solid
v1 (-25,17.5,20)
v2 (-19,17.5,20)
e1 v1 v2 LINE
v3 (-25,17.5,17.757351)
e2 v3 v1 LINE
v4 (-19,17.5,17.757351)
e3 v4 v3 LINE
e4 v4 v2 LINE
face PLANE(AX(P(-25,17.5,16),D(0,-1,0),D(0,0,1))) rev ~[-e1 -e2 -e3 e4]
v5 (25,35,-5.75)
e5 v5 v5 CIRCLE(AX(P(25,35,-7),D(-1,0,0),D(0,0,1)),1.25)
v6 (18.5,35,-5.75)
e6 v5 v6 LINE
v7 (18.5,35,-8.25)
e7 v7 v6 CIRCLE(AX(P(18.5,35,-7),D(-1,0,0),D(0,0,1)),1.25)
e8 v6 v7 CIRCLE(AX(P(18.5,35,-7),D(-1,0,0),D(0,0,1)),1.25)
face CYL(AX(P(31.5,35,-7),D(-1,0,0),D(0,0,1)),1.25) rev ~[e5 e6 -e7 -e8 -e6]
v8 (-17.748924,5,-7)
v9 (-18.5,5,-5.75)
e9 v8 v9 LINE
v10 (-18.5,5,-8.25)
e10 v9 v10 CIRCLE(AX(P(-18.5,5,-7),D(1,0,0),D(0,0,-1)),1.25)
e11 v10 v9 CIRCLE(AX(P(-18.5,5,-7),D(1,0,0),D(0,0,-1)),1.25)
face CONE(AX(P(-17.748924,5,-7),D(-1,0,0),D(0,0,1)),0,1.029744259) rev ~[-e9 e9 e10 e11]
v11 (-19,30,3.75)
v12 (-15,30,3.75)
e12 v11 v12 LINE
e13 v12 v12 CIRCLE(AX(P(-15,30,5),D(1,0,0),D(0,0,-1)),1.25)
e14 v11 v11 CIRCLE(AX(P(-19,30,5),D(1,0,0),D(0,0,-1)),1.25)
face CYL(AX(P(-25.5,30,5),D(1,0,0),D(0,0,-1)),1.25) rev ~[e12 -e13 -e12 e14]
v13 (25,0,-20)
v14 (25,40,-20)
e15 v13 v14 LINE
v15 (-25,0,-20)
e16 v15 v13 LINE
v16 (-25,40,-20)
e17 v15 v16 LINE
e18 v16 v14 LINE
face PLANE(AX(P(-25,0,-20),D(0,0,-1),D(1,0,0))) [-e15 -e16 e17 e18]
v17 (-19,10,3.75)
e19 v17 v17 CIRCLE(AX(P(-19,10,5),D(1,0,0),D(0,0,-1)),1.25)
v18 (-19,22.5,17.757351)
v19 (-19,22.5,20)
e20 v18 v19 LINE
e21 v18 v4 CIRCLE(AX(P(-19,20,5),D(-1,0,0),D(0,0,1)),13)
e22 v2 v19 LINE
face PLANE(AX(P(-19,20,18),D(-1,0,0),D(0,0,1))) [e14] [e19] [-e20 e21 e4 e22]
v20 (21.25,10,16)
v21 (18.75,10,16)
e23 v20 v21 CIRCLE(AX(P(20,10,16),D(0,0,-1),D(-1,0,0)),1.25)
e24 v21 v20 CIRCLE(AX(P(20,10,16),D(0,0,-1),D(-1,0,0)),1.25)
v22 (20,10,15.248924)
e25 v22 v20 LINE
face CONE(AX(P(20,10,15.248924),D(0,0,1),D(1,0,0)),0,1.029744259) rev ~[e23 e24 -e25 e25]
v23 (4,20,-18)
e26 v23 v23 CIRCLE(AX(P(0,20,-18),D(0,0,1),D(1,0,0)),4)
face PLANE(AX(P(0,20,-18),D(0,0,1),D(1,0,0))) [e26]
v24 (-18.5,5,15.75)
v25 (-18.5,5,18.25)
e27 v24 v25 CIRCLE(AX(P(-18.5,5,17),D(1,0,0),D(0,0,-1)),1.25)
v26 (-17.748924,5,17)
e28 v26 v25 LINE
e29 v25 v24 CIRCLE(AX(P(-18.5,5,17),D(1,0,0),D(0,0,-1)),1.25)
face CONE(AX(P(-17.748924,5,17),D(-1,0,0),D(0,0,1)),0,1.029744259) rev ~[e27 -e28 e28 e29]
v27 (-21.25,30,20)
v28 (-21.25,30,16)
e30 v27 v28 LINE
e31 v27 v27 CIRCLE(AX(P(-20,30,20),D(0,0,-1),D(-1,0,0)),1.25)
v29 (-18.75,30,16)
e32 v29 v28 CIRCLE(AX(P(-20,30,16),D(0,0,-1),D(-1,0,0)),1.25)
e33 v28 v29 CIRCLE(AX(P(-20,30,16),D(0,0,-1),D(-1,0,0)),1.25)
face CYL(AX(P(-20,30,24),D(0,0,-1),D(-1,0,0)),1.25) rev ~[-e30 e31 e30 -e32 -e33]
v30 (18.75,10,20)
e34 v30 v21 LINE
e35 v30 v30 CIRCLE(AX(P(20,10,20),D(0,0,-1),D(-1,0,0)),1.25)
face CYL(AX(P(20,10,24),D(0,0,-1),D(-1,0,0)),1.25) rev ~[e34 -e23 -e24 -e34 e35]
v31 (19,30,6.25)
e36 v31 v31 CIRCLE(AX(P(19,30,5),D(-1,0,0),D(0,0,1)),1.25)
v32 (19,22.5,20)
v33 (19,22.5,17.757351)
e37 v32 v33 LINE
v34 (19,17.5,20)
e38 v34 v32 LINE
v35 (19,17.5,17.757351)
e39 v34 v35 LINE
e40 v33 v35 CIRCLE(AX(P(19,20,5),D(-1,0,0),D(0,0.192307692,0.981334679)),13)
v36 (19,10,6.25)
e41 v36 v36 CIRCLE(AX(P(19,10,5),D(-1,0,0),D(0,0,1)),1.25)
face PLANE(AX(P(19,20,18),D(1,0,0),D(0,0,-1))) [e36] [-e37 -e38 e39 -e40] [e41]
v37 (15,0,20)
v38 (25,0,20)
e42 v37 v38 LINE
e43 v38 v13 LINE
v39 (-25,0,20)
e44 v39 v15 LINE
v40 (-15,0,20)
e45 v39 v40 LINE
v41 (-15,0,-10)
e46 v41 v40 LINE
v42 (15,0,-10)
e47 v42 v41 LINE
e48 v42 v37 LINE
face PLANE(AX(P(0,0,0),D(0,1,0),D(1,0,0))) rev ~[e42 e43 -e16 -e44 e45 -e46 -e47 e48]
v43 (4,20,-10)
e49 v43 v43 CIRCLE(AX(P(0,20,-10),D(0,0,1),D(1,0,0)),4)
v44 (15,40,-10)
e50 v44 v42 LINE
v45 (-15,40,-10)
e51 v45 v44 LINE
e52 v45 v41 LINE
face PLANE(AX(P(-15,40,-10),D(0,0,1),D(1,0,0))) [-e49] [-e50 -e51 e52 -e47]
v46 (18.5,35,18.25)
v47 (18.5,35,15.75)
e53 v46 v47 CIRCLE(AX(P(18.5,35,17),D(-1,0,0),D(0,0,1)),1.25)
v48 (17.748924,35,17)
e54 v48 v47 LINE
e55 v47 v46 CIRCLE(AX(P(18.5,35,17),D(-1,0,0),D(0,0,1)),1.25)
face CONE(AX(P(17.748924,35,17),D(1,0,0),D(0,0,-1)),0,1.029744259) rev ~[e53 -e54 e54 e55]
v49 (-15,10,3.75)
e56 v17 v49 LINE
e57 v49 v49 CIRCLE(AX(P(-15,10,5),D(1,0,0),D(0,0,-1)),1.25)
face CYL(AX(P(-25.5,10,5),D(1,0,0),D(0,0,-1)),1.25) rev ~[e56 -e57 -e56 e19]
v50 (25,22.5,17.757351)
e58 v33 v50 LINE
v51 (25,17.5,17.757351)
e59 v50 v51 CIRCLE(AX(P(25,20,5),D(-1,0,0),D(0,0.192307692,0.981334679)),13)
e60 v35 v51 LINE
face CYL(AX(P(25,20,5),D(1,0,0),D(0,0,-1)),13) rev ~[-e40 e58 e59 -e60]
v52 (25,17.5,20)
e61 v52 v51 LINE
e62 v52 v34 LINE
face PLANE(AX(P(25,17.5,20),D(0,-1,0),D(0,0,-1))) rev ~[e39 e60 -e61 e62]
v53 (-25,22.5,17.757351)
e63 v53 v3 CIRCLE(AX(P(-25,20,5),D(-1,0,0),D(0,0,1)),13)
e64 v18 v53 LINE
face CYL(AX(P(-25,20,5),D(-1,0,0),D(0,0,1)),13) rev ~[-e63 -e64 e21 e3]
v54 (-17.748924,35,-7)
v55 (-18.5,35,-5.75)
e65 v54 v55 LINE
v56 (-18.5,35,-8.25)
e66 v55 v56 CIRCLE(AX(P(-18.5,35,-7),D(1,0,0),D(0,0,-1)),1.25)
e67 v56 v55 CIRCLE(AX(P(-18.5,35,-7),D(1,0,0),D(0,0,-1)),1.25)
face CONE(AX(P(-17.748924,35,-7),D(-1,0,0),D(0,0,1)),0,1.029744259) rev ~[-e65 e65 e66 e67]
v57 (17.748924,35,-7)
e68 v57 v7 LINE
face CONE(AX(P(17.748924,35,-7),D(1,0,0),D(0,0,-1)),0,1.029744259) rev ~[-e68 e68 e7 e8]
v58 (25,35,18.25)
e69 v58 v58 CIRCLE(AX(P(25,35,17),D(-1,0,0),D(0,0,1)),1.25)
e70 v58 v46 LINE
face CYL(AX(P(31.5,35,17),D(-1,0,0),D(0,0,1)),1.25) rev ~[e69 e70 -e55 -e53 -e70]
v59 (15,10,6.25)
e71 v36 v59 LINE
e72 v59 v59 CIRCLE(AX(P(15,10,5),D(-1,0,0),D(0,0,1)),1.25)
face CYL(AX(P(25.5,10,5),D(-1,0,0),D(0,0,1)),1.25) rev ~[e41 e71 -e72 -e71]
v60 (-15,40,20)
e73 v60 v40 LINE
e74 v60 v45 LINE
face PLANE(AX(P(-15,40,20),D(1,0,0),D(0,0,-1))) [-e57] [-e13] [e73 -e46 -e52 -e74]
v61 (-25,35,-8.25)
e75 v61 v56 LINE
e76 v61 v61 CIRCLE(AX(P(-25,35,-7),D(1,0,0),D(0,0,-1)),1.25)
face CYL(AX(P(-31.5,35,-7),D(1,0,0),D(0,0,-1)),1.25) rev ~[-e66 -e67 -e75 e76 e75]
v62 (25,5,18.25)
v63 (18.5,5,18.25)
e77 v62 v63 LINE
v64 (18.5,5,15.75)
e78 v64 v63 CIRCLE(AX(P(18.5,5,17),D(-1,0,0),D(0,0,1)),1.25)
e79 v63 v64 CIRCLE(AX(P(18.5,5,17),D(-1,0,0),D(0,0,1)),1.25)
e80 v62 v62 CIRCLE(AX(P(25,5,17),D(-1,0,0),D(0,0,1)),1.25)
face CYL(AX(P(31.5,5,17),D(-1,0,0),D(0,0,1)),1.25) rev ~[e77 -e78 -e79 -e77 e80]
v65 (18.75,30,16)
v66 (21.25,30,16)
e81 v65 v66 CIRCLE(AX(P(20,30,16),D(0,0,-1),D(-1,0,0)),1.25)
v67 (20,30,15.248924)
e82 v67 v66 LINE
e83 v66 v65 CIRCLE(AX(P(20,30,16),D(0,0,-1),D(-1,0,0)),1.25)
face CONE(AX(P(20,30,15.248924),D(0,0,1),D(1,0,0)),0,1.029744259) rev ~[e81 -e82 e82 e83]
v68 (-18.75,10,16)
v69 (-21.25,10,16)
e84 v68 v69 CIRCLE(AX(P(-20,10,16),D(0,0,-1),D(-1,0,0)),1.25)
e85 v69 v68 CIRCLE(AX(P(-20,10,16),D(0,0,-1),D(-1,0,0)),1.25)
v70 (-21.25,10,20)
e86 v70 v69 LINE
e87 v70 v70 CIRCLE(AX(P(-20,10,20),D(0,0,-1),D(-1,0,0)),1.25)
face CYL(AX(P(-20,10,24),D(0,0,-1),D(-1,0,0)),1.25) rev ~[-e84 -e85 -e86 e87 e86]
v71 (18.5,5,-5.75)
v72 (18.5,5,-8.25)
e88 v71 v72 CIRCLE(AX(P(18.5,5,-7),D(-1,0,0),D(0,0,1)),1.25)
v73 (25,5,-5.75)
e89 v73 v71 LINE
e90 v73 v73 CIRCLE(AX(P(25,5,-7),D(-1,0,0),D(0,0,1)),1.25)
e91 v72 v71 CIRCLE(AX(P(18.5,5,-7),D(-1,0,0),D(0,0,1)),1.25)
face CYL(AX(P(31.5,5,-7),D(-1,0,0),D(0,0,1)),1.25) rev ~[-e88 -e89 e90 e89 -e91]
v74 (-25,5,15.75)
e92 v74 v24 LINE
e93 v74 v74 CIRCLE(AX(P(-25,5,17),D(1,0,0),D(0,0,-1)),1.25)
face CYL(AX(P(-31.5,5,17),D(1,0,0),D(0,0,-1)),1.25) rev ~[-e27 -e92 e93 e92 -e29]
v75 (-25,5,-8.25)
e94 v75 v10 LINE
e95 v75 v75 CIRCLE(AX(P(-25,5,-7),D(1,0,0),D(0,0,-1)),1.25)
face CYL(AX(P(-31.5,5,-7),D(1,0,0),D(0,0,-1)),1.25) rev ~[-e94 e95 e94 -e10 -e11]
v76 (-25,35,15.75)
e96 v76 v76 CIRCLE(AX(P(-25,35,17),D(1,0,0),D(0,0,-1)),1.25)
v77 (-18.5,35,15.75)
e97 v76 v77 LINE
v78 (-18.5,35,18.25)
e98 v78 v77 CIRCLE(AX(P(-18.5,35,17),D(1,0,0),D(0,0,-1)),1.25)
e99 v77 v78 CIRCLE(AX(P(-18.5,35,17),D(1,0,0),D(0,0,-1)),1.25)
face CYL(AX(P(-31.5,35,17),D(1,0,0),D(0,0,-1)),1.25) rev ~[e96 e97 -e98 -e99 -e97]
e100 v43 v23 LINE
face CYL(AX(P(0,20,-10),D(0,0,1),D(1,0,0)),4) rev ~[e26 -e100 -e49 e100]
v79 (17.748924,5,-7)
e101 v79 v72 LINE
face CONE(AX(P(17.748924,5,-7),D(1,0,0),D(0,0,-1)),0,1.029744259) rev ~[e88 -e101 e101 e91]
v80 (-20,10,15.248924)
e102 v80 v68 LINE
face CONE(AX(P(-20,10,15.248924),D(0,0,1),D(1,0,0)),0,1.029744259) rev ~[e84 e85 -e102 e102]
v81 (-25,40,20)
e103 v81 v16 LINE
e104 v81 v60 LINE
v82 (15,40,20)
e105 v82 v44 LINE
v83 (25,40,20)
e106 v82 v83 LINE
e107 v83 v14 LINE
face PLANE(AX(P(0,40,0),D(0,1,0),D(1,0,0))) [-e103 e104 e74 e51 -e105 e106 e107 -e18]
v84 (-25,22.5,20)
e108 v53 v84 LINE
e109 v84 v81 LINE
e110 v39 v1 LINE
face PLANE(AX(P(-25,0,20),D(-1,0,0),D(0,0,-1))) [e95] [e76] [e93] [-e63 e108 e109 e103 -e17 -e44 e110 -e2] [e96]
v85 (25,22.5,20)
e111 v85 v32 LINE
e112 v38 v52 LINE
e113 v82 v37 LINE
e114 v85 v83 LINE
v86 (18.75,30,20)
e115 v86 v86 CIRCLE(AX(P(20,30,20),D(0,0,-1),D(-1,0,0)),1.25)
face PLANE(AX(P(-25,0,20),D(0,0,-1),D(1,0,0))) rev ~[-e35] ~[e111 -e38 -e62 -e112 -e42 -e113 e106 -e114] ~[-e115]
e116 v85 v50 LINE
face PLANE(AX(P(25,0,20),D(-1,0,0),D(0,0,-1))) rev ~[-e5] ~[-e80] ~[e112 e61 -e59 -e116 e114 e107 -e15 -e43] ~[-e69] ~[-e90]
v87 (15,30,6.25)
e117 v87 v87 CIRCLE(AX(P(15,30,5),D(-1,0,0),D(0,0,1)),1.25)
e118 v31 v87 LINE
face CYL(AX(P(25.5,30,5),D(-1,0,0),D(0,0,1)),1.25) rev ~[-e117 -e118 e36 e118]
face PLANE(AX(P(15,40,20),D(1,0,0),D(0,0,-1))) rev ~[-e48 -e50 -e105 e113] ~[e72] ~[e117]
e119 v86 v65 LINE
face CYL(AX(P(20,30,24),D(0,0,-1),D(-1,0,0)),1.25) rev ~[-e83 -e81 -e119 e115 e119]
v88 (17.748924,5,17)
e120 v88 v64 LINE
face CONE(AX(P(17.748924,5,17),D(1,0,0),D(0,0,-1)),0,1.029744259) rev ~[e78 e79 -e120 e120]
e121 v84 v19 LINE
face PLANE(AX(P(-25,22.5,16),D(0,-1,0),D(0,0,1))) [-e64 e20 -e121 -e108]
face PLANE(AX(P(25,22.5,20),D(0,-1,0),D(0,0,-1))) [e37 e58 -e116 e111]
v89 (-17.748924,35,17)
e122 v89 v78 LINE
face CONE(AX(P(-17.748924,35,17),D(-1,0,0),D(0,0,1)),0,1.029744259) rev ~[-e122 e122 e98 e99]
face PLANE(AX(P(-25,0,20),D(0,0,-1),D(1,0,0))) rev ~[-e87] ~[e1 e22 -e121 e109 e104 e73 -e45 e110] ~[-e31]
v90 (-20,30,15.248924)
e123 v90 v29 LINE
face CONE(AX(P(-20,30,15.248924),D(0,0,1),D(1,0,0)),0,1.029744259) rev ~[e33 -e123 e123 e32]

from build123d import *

# Parameters (mm, degrees)
SKETCH1_W                 = 50
SKETCH1_H                 = 40
BOSS_EXTRUDE1_DEPTH       = 40
CUT_EXTRUDE1_REACH        = 42
SKETCH2_W                 = 30
SKETCH2_H                 = 30
SKETCH3_R                 = 13
CUT_EXTRUDE2_DEPTH        = 6
SKETCH4_R                 = 13
CUT_EXTRUDE3_DEPTH        = 6
M3X0_5_TAPPED_HOLE1_D     = 2.5
M3X0_5_TAPPED_HOLE1_DEPTH = 6.5
M3X0_5_TAPPED_HOLE1_TIP   = 0.751075774
M3X0_5_TAPPED_HOLE2_D     = 2.5
M3X0_5_TAPPED_HOLE2_DEPTH = 6.5
M3X0_5_TAPPED_HOLE2_TIP   = 0.751075774
M3X0_5_TAPPED_HOLE3_D     = 2.5
M3X0_5_TAPPED_HOLE3_DEPTH = 4
M3X0_5_TAPPED_HOLE3_TIP   = 0.751075774
SKETCH13_R                = 4
CUT_EXTRUDE4_DEPTH        = 8
SKETCH15_W                = 4
SKETCH15_H                = 5
CUT_EXTRUDE5_DEPTH        = 6
SKETCH16_W                = 4
SKETCH16_H                = 5
CUT_EXTRUDE6_DEPTH        = 6
M3X0_5_TAPPED_HOLE4_D     = 2.5
M3X0_5_TAPPED_HOLE4_DEPTH = 6.5
M3X0_5_TAPPED_HOLE4_TIP   = 0.751075774
M3X0_5_TAPPED_HOLE5_D     = 2.5
M3X0_5_TAPPED_HOLE5_DEPTH = 6.5
M3X0_5_TAPPED_HOLE5_TIP   = 0.751075774


with BuildPart() as part:
    # Sketch1 → Boss-Extrude1 (new body)
    with BuildSketch(Plane(origin=(0, 0, 0), x_dir=(1, 0, 0), z_dir=(0, 1, 0))):
        Rectangle(SKETCH1_W, SKETCH1_H)
    extrude(amount=BOSS_EXTRUDE1_DEPTH)

    # Sketch2 → Cut-Extrude1 (cut, up to next)
    with BuildSketch(Plane(origin=(0, 40, 0), x_dir=(1, 0, 0), z_dir=(0, 1, 0)), mode=Mode.PRIVATE) as cut_extrude1_sk1:
        with Locations((0, -5)):
            Rectangle(SKETCH2_W, SKETCH2_H)
    cut_extrude1_tool1 = extrude(cut_extrude1_sk1.sketch, amount=-CUT_EXTRUDE1_REACH, mode=Mode.PRIVATE) & part.part
    add(cut_extrude1_tool1.solids().sort_by_distance((0, 40, 5))[0], mode=Mode.SUBTRACT)

    # Sketch3 → Cut-Extrude2 (cut)
    with BuildSketch(Plane.ZY.offset(25)):
        with Locations((5, 20)):
            Circle(SKETCH3_R)
    extrude(amount=-CUT_EXTRUDE2_DEPTH, mode=Mode.SUBTRACT)

    # Sketch4 → Cut-Extrude3 (cut)
    with BuildSketch(Plane(origin=(25, 0, 0), x_dir=(0, 0, -1), z_dir=(1, 0, 0))):
        with Locations((-5, 20)):
            Circle(SKETCH4_R)
    extrude(amount=-CUT_EXTRUDE3_DEPTH, mode=Mode.SUBTRACT)

    # M3x0.5 Tapped Hole1
    with Locations(Plane.ZY.offset(19)):
        with Locations((5, 30), (5, 10)):
            Hole(M3X0_5_TAPPED_HOLE1_D / 2, depth=M3X0_5_TAPPED_HOLE1_DEPTH)
            with Locations((0, 0, -(M3X0_5_TAPPED_HOLE1_DEPTH + M3X0_5_TAPPED_HOLE1_TIP / 2))):  # 118° drill point
                Cone(0, M3X0_5_TAPPED_HOLE1_D / 2, M3X0_5_TAPPED_HOLE1_TIP, mode=Mode.SUBTRACT)

    # M3x0.5 Tapped Hole2
    with Locations(Plane(origin=(19, 0, 0), x_dir=(0, 0, -1), z_dir=(1, 0, 0))):
        with Locations((-5, 30), (-5, 10)):
            Hole(M3X0_5_TAPPED_HOLE2_D / 2, depth=M3X0_5_TAPPED_HOLE2_DEPTH)
            with Locations((0, 0, -(M3X0_5_TAPPED_HOLE2_DEPTH + M3X0_5_TAPPED_HOLE2_TIP / 2))):  # 118° drill point
                Cone(0, M3X0_5_TAPPED_HOLE2_D / 2, M3X0_5_TAPPED_HOLE2_TIP, mode=Mode.SUBTRACT)

    # M3x0.5 Tapped Hole3
    with Locations(Plane.XY.offset(20)):
        with Locations((-20, 30), (-20, 10), (20, 10), (20, 30)):
            Hole(M3X0_5_TAPPED_HOLE3_D / 2, depth=M3X0_5_TAPPED_HOLE3_DEPTH)
            with Locations((0, 0, -(M3X0_5_TAPPED_HOLE3_DEPTH + M3X0_5_TAPPED_HOLE3_TIP / 2))):  # 118° drill point
                Cone(0, M3X0_5_TAPPED_HOLE3_D / 2, M3X0_5_TAPPED_HOLE3_TIP, mode=Mode.SUBTRACT)

    # Sketch13 → Cut-Extrude4 (cut)
    with BuildSketch(Plane.XY.offset(-10)):
        with Locations((0, 20)):
            Circle(SKETCH13_R)
    extrude(amount=-CUT_EXTRUDE4_DEPTH, mode=Mode.SUBTRACT)

    # Sketch15 → Cut-Extrude5 (cut)
    with BuildSketch(Plane(origin=(25, 0, 0), x_dir=(0, 0, -1), z_dir=(1, 0, 0))):
        with Locations((-18, 20)):
            Rectangle(SKETCH15_W, SKETCH15_H)
    extrude(amount=-CUT_EXTRUDE5_DEPTH, mode=Mode.SUBTRACT)

    # Sketch16 → Cut-Extrude6 (cut)
    with BuildSketch(Plane.ZY.offset(25)):
        with Locations((18, 20)):
            Rectangle(SKETCH16_W, SKETCH16_H)
    extrude(amount=-CUT_EXTRUDE6_DEPTH, mode=Mode.SUBTRACT)

    # M3x0.5 Tapped Hole4
    with Locations(Plane.ZY.offset(25)):
        with Locations((-7, 35), (-7, 5), (17, 5), (17, 35)):
            Hole(M3X0_5_TAPPED_HOLE4_D / 2, depth=M3X0_5_TAPPED_HOLE4_DEPTH)
            with Locations((0, 0, -(M3X0_5_TAPPED_HOLE4_DEPTH + M3X0_5_TAPPED_HOLE4_TIP / 2))):  # 118° drill point
                Cone(0, M3X0_5_TAPPED_HOLE4_D / 2, M3X0_5_TAPPED_HOLE4_TIP, mode=Mode.SUBTRACT)

    # M3x0.5 Tapped Hole5
    with Locations(Plane(origin=(25, 0, 0), x_dir=(0, 0, -1), z_dir=(1, 0, 0))):
        with Locations((-17, 35), (7, 35), (7, 5), (-17, 5)):
            Hole(M3X0_5_TAPPED_HOLE5_D / 2, depth=M3X0_5_TAPPED_HOLE5_DEPTH)
            with Locations((0, 0, -(M3X0_5_TAPPED_HOLE5_DEPTH + M3X0_5_TAPPED_HOLE5_TIP / 2))):  # 118° drill point
                Cone(0, M3X0_5_TAPPED_HOLE5_D / 2, M3X0_5_TAPPED_HOLE5_TIP, mode=Mode.SUBTRACT)


solid = part.part
